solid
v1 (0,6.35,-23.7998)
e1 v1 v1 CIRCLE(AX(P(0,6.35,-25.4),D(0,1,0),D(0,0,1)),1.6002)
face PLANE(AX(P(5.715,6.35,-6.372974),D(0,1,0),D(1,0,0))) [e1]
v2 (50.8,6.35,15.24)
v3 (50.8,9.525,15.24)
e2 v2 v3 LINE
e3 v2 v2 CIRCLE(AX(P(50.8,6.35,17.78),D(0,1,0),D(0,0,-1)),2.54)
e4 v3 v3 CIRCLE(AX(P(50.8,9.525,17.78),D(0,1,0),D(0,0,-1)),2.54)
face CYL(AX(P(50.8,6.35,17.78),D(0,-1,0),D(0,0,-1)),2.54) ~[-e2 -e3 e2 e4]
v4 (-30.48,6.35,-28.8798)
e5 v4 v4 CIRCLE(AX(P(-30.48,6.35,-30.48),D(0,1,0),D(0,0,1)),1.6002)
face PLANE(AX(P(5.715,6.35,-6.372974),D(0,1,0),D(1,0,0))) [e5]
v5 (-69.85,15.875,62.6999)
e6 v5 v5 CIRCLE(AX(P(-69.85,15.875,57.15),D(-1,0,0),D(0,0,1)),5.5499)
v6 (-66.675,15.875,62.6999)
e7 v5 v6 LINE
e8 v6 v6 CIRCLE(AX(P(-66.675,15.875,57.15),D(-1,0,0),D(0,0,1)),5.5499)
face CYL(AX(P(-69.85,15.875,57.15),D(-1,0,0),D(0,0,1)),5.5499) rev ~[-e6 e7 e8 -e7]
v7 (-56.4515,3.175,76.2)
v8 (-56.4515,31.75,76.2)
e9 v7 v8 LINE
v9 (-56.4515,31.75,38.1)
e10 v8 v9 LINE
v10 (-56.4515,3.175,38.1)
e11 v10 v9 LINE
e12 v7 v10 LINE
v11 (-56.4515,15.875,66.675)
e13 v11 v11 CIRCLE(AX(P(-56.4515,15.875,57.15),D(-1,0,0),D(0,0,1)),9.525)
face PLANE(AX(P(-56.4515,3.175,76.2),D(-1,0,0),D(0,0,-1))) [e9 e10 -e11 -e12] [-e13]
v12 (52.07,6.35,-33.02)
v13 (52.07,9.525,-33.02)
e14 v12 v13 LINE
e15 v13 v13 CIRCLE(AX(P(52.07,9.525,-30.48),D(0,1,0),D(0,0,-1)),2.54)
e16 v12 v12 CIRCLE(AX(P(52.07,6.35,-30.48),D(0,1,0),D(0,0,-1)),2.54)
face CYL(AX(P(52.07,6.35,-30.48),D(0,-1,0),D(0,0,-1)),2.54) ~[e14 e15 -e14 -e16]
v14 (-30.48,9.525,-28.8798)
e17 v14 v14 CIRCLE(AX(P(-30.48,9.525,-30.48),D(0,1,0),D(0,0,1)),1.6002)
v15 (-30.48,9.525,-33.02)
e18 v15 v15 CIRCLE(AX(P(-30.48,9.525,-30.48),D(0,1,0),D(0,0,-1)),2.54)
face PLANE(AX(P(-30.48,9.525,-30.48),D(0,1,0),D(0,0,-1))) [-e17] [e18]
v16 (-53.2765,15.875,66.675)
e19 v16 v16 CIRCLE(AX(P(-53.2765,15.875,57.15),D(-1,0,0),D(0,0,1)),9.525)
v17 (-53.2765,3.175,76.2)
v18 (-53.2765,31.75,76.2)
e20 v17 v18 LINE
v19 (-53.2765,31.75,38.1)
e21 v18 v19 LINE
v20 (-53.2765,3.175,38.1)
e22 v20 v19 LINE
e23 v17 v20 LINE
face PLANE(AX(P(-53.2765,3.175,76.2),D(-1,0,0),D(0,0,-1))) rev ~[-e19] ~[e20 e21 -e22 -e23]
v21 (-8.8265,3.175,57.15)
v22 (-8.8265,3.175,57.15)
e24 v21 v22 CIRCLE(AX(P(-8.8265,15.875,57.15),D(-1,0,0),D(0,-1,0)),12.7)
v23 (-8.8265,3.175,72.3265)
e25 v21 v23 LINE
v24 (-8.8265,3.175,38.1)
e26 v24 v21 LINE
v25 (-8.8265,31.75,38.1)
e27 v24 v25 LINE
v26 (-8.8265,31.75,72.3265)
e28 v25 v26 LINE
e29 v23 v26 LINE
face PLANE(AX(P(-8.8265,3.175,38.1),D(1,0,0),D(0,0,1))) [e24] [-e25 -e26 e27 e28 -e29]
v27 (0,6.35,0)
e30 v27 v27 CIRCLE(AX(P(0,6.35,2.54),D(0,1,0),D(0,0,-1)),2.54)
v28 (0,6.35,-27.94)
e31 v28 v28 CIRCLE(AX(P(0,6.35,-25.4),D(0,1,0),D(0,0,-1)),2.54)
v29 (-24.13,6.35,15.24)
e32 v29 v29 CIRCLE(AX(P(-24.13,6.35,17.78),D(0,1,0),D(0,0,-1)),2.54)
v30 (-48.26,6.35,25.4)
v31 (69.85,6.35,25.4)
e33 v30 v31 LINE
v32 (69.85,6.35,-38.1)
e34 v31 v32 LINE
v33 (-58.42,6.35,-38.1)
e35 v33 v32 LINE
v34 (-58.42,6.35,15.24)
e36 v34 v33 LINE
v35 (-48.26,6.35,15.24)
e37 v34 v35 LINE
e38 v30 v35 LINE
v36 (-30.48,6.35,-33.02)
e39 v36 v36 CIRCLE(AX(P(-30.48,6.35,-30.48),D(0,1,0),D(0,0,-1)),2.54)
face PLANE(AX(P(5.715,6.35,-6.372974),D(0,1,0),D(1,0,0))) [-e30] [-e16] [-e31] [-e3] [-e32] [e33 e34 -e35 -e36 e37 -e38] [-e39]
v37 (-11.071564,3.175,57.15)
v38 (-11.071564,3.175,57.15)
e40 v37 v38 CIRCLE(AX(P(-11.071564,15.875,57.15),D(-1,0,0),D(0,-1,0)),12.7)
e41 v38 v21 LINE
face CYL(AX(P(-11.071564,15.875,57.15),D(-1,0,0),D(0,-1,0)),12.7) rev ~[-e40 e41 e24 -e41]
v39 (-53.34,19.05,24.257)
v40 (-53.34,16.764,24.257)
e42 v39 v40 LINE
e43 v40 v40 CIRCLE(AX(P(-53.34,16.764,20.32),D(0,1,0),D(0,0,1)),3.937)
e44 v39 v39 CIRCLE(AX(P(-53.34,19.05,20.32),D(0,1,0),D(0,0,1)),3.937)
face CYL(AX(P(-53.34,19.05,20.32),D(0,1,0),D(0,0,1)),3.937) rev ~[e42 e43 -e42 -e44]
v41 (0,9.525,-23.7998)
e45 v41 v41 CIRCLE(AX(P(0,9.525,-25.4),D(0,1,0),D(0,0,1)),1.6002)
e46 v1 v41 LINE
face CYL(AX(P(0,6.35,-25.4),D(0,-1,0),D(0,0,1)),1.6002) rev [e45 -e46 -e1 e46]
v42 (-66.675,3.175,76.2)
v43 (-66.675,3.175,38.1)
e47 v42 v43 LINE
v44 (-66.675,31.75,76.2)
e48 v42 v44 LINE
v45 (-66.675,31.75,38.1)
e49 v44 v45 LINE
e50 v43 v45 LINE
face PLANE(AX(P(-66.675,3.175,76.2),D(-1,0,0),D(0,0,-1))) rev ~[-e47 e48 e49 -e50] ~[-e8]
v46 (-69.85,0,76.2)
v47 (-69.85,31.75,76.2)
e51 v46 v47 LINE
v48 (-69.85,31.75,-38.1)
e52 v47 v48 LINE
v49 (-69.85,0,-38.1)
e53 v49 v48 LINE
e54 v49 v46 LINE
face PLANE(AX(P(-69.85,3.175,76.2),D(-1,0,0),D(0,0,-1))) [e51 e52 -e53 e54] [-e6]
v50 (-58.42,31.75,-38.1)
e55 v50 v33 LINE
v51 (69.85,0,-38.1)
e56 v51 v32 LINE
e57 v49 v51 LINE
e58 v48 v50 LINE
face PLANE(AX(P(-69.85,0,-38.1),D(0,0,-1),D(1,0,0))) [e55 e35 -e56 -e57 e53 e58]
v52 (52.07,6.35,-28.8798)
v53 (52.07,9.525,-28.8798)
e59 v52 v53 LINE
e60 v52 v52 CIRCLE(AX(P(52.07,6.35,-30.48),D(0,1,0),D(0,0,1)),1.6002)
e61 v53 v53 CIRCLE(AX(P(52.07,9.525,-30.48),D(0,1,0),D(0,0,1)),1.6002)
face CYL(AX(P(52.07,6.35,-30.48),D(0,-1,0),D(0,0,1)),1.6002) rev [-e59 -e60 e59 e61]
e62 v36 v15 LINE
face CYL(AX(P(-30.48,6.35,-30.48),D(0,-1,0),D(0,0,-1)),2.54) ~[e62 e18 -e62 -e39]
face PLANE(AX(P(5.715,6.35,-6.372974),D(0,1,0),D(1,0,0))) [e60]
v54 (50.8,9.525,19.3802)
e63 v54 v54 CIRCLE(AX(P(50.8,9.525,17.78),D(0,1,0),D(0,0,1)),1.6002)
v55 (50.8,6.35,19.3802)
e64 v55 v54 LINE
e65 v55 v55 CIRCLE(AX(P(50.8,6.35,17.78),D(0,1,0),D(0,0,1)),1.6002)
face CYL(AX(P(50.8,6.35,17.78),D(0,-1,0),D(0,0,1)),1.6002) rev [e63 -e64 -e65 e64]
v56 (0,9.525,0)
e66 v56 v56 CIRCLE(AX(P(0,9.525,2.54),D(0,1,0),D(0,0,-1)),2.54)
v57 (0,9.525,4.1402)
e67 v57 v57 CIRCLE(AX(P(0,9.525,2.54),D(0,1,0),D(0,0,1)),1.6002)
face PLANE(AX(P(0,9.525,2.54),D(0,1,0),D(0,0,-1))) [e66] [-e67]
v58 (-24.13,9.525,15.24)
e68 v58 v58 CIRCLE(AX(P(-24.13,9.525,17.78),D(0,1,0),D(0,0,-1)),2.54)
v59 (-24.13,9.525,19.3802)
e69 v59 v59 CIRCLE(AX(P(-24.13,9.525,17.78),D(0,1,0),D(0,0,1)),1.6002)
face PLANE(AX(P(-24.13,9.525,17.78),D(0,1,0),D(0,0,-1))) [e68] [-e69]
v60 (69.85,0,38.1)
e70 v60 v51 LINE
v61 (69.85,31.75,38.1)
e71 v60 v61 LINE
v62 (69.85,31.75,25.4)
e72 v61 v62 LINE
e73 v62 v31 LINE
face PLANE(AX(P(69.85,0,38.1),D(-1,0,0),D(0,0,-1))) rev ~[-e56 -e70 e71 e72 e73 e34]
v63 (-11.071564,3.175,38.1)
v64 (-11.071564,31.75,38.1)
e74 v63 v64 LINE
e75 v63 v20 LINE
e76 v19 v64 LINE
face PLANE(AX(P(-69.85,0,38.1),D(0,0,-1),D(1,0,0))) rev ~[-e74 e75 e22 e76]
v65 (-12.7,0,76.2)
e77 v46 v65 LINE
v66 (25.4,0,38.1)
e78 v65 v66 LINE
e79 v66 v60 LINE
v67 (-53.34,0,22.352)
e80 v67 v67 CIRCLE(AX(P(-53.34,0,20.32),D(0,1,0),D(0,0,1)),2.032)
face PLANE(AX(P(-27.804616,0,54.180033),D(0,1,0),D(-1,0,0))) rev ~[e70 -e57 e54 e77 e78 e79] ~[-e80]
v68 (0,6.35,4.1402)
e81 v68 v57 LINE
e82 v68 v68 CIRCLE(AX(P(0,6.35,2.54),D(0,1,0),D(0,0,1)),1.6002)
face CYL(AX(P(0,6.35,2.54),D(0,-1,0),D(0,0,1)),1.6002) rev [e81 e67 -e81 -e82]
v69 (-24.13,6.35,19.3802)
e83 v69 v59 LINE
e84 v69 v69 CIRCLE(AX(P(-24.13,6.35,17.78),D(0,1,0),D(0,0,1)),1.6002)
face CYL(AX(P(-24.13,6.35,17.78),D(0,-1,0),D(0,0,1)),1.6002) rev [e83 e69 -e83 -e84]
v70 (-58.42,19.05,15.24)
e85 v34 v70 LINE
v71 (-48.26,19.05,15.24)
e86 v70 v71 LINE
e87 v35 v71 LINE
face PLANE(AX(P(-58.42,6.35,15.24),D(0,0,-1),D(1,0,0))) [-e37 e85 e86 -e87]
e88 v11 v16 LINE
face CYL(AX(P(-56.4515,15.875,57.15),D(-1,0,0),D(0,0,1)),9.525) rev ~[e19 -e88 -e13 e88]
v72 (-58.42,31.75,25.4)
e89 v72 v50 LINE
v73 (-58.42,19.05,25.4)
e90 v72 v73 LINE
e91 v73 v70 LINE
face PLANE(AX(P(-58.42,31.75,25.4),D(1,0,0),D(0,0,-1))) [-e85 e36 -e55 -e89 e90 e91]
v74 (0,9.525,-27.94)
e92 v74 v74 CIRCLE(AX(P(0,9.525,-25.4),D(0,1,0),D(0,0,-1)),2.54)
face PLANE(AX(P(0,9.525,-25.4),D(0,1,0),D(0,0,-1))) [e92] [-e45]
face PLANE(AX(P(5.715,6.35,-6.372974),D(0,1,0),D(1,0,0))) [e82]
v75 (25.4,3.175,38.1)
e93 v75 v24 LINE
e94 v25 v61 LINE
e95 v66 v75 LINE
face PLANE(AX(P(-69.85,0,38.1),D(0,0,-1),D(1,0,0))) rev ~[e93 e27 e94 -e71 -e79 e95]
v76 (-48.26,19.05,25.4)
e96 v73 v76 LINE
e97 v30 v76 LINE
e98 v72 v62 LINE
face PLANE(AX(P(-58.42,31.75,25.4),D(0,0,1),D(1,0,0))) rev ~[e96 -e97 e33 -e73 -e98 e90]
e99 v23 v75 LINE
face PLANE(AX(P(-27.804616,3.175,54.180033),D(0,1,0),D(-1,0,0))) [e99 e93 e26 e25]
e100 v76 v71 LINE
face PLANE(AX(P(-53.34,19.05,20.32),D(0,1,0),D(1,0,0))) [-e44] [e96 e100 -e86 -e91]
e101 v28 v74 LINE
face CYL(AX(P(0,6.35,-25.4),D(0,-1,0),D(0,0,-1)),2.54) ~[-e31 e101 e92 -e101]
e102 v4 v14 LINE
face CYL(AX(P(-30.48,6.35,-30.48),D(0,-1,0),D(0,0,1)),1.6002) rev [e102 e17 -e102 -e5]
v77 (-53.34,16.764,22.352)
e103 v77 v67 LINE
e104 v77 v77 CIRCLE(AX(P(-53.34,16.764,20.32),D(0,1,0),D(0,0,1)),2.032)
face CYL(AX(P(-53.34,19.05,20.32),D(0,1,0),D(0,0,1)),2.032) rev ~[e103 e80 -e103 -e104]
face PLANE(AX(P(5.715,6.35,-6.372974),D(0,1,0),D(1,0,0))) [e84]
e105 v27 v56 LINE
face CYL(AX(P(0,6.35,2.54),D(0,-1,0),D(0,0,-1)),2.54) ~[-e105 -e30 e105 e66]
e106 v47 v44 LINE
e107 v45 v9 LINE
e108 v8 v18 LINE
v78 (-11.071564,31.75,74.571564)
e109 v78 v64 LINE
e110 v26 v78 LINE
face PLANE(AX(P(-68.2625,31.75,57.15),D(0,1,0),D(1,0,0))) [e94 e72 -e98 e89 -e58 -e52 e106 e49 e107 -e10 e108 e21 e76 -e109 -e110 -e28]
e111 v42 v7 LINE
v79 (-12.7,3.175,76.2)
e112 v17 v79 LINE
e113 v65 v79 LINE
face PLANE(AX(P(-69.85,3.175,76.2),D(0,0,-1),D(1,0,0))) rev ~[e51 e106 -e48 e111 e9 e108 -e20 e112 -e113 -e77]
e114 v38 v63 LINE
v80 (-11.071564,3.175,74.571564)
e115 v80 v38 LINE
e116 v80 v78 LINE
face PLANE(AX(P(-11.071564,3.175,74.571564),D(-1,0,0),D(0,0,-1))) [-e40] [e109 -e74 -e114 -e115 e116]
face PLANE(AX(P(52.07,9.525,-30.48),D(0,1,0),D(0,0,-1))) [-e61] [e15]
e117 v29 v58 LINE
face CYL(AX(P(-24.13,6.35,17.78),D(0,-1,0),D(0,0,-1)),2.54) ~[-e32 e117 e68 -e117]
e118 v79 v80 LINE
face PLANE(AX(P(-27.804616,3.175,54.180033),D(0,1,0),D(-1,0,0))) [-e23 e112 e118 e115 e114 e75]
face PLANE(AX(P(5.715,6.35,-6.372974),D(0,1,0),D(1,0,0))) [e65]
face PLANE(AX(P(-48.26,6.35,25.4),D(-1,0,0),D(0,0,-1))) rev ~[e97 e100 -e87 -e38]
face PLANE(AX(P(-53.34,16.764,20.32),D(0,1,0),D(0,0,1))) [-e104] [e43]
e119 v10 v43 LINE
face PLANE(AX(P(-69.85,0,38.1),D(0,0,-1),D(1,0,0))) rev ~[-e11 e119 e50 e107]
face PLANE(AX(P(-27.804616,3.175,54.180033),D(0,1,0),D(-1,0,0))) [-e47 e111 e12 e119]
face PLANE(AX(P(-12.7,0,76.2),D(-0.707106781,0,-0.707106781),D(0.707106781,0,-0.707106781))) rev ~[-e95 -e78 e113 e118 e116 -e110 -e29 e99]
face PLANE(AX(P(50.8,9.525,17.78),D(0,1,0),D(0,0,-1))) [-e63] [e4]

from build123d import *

# Parameters (mm, degrees)
SKETCH1_W           = 139.7
SKETCH1_H           = 76.2
BOSS_EXTRUDE1_DEPTH = 31.75
SKETCH2_W           = 128.27
SKETCH2_H           = 63.545947231
CUT_EXTRUDE1_DEPTH  = 25.4
SKETCH3_W           = 10.16
SKETCH3_H           = 10.16
BOSS_EXTRUDE3_DEPTH = 12.7
SKETCH4_R           = 2.032
CUT_EXTRUDE2_DEPTH  = 82.814026915
SKETCH5_R           = 3.937
CUT_EXTRUDE3_DEPTH  = 2.286
SKETCH7_R           = 2.54
SKETCH7_R_2         = 1.6002
BOSS_EXTRUDE5_DEPTH = 3.175
BOSS_EXTRUDE6_DEPTH = 3.175
SKETCH9_W           = 3.175
SKETCH9_H           = 38.1
BOSS_EXTRUDE7_DEPTH = 28.575
SKETCH10_R          = 5.5499
CUT_EXTRUDE4_DEPTH  = 3.175
SKETCH11_R          = 9.525
CUT_EXTRUDE5_DEPTH  = 3.175
SKETCH12_R          = 12.7
CUT_EXTRUDE6_DEPTH  = 3.175


with BuildPart() as part:
    # Sketch1 → Boss-Extrude1 (new body)
    with BuildSketch(Plane(origin=(0, 0, 0), x_dir=(1, 0, 0), z_dir=(0, 1, 0))):
        Rectangle(SKETCH1_W, SKETCH1_H)
    extrude(amount=BOSS_EXTRUDE1_DEPTH)

    # Sketch2 → Cut-Extrude1 (cut)
    with BuildSketch(Plane(origin=(0, 31.75, 0), x_dir=(1, 0, 0), z_dir=(0, 1, 0))):
        with Locations((5.715, 6.372973615)):
            Rectangle(SKETCH2_W, SKETCH2_H)
    extrude(amount=-CUT_EXTRUDE1_DEPTH, mode=Mode.SUBTRACT)

    # Sketch3 → Boss-Extrude3 (add)
    with BuildSketch(Plane(origin=(0, 6.35, 0), x_dir=(1, 0, 0), z_dir=(0, 1, 0))):
        with Locations((-53.34, -20.32)):
            Rectangle(SKETCH3_W, SKETCH3_H)
    extrude(amount=BOSS_EXTRUDE3_DEPTH)

    # Sketch4 → Cut-Extrude2 (cut, through all)
    with BuildSketch(Plane(origin=(0, 19.05, 0), x_dir=(1, 0, 0), z_dir=(0, 1, 0))):
        with Locations(Location((-53.34, -20.32, 0), (0, 0, 270))):
            Circle(SKETCH4_R)
    extrude(amount=-CUT_EXTRUDE2_DEPTH, mode=Mode.SUBTRACT)

    # Sketch5 → Cut-Extrude3 (cut)
    with BuildSketch(Plane(origin=(0, 19.05, 0), x_dir=(1, 0, 0), z_dir=(0, 1, 0))):
        with Locations(Location((-53.34, -20.32, 0), (0, 0, 270))):
            Circle(SKETCH5_R)
    extrude(amount=-CUT_EXTRUDE3_DEPTH, mode=Mode.SUBTRACT)

    # Sketch7 → Boss-Extrude5 (add)
    # profile 1 of 6: a face of its own
    with BuildSketch(Plane(origin=(0, 6.35, 0), x_dir=(1, 0, 0), z_dir=(0, 1, 0))):
        with Locations(Location((-30.48, 30.48, 0), (0, 0, 90))):
            Circle(SKETCH7_R)
        with Locations(Location((-30.48, 30.48, 0), (0, 0, 270))):
            Circle(SKETCH7_R_2, mode=Mode.SUBTRACT)
    # profile 2 of 6: a face of its own
    with BuildSketch(Plane(origin=(0, 6.35, 0), x_dir=(1, 0, 0), z_dir=(0, 1, 0))):
        with Locations(Location((-24.13, -17.78, 0), (0, 0, 90))):
            Circle(SKETCH7_R)
        with Locations(Location((-24.13, -17.78, 0), (0, 0, 270))):
            Circle(SKETCH7_R_2, mode=Mode.SUBTRACT)
    # profile 3 of 6: a face of its own
    with BuildSketch(Plane(origin=(0, 6.35, 0), x_dir=(1, 0, 0), z_dir=(0, 1, 0))):
        with Locations(Location((0, 25.4, 0), (0, 0, 90))):
            Circle(SKETCH7_R)
        with Locations(Location((0, 25.4, 0), (0, 0, 270))):
            Circle(SKETCH7_R_2, mode=Mode.SUBTRACT)
    # profile 4 of 6: a face of its own
    with BuildSketch(Plane(origin=(0, 6.35, 0), x_dir=(1, 0, 0), z_dir=(0, 1, 0))):
        with Locations(Location((0, -2.54, 0), (0, 0, 90))):
            Circle(SKETCH7_R)
        with Locations(Location((0, -2.54, 0), (0, 0, 270))):
            Circle(SKETCH7_R_2, mode=Mode.SUBTRACT)
    # profile 5 of 6: a face of its own
    with BuildSketch(Plane(origin=(0, 6.35, 0), x_dir=(1, 0, 0), z_dir=(0, 1, 0))):
        with Locations(Location((50.8, -17.78, 0), (0, 0, 90))):
            Circle(SKETCH7_R)
        with Locations(Location((50.8, -17.78, 0), (0, 0, 270))):
            Circle(SKETCH7_R_2, mode=Mode.SUBTRACT)
    # profile 6 of 6: a face of its own
    with BuildSketch(Plane(origin=(0, 6.35, 0), x_dir=(1, 0, 0), z_dir=(0, 1, 0))):
        with Locations(Location((52.07, 30.48, 0), (0, 0, 90))):
            Circle(SKETCH7_R)
        with Locations(Location((52.07, 30.48, 0), (0, 0, 270))):
            Circle(SKETCH7_R_2, mode=Mode.SUBTRACT)
    extrude(amount=BOSS_EXTRUDE5_DEPTH)

    # Sketch8 → Boss-Extrude6 (add)
    with BuildSketch(Plane.XZ):
        Polygon((-69.85, 38.1), (-69.85, 76.2), (-12.7, 76.2), (25.4, 38.1), align=None)
    extrude(amount=-BOSS_EXTRUDE6_DEPTH)

    # Sketch9 → Boss-Extrude7 (add)
    with BuildSketch(Plane(origin=(0, 3.175, 0), x_dir=(1, 0, 0), z_dir=(0, 1, 0))):
        with Locations((-68.2625, -57.15)):
            Rectangle(SKETCH9_W, SKETCH9_H)
        Polygon((-8.8265, -72.3265), (-11.07156403, -74.57156403), (-11.07156403, -38.1), (-8.8265, -38.1), align=None)
        with Locations((-54.864, -57.15)):
            Rectangle(SKETCH9_W, SKETCH9_H)
    extrude(amount=BOSS_EXTRUDE7_DEPTH)

    # Sketch10 → Cut-Extrude4 (cut)
    with BuildSketch(Plane.ZY.offset(69.85)):
        with Locations((57.15, 15.875)):
            Circle(SKETCH10_R)
    extrude(amount=-CUT_EXTRUDE4_DEPTH, mode=Mode.SUBTRACT)

    # Sketch11 → Cut-Extrude5 (cut)
    with BuildSketch(Plane.ZY.offset(56.4515)):
        with Locations((57.15, 15.875)):
            Circle(SKETCH11_R)
    extrude(amount=-CUT_EXTRUDE5_DEPTH, mode=Mode.SUBTRACT)

    # Sketch12 → Cut-Extrude6 (cut)
    with BuildSketch(Plane.ZY.offset(11.07156403)):
        with Locations(Location((57.15, 15.875, 0), (0, 0, 270))):
            Circle(SKETCH12_R)
    extrude(amount=-CUT_EXTRUDE6_DEPTH, mode=Mode.SUBTRACT)


solid = part.part
